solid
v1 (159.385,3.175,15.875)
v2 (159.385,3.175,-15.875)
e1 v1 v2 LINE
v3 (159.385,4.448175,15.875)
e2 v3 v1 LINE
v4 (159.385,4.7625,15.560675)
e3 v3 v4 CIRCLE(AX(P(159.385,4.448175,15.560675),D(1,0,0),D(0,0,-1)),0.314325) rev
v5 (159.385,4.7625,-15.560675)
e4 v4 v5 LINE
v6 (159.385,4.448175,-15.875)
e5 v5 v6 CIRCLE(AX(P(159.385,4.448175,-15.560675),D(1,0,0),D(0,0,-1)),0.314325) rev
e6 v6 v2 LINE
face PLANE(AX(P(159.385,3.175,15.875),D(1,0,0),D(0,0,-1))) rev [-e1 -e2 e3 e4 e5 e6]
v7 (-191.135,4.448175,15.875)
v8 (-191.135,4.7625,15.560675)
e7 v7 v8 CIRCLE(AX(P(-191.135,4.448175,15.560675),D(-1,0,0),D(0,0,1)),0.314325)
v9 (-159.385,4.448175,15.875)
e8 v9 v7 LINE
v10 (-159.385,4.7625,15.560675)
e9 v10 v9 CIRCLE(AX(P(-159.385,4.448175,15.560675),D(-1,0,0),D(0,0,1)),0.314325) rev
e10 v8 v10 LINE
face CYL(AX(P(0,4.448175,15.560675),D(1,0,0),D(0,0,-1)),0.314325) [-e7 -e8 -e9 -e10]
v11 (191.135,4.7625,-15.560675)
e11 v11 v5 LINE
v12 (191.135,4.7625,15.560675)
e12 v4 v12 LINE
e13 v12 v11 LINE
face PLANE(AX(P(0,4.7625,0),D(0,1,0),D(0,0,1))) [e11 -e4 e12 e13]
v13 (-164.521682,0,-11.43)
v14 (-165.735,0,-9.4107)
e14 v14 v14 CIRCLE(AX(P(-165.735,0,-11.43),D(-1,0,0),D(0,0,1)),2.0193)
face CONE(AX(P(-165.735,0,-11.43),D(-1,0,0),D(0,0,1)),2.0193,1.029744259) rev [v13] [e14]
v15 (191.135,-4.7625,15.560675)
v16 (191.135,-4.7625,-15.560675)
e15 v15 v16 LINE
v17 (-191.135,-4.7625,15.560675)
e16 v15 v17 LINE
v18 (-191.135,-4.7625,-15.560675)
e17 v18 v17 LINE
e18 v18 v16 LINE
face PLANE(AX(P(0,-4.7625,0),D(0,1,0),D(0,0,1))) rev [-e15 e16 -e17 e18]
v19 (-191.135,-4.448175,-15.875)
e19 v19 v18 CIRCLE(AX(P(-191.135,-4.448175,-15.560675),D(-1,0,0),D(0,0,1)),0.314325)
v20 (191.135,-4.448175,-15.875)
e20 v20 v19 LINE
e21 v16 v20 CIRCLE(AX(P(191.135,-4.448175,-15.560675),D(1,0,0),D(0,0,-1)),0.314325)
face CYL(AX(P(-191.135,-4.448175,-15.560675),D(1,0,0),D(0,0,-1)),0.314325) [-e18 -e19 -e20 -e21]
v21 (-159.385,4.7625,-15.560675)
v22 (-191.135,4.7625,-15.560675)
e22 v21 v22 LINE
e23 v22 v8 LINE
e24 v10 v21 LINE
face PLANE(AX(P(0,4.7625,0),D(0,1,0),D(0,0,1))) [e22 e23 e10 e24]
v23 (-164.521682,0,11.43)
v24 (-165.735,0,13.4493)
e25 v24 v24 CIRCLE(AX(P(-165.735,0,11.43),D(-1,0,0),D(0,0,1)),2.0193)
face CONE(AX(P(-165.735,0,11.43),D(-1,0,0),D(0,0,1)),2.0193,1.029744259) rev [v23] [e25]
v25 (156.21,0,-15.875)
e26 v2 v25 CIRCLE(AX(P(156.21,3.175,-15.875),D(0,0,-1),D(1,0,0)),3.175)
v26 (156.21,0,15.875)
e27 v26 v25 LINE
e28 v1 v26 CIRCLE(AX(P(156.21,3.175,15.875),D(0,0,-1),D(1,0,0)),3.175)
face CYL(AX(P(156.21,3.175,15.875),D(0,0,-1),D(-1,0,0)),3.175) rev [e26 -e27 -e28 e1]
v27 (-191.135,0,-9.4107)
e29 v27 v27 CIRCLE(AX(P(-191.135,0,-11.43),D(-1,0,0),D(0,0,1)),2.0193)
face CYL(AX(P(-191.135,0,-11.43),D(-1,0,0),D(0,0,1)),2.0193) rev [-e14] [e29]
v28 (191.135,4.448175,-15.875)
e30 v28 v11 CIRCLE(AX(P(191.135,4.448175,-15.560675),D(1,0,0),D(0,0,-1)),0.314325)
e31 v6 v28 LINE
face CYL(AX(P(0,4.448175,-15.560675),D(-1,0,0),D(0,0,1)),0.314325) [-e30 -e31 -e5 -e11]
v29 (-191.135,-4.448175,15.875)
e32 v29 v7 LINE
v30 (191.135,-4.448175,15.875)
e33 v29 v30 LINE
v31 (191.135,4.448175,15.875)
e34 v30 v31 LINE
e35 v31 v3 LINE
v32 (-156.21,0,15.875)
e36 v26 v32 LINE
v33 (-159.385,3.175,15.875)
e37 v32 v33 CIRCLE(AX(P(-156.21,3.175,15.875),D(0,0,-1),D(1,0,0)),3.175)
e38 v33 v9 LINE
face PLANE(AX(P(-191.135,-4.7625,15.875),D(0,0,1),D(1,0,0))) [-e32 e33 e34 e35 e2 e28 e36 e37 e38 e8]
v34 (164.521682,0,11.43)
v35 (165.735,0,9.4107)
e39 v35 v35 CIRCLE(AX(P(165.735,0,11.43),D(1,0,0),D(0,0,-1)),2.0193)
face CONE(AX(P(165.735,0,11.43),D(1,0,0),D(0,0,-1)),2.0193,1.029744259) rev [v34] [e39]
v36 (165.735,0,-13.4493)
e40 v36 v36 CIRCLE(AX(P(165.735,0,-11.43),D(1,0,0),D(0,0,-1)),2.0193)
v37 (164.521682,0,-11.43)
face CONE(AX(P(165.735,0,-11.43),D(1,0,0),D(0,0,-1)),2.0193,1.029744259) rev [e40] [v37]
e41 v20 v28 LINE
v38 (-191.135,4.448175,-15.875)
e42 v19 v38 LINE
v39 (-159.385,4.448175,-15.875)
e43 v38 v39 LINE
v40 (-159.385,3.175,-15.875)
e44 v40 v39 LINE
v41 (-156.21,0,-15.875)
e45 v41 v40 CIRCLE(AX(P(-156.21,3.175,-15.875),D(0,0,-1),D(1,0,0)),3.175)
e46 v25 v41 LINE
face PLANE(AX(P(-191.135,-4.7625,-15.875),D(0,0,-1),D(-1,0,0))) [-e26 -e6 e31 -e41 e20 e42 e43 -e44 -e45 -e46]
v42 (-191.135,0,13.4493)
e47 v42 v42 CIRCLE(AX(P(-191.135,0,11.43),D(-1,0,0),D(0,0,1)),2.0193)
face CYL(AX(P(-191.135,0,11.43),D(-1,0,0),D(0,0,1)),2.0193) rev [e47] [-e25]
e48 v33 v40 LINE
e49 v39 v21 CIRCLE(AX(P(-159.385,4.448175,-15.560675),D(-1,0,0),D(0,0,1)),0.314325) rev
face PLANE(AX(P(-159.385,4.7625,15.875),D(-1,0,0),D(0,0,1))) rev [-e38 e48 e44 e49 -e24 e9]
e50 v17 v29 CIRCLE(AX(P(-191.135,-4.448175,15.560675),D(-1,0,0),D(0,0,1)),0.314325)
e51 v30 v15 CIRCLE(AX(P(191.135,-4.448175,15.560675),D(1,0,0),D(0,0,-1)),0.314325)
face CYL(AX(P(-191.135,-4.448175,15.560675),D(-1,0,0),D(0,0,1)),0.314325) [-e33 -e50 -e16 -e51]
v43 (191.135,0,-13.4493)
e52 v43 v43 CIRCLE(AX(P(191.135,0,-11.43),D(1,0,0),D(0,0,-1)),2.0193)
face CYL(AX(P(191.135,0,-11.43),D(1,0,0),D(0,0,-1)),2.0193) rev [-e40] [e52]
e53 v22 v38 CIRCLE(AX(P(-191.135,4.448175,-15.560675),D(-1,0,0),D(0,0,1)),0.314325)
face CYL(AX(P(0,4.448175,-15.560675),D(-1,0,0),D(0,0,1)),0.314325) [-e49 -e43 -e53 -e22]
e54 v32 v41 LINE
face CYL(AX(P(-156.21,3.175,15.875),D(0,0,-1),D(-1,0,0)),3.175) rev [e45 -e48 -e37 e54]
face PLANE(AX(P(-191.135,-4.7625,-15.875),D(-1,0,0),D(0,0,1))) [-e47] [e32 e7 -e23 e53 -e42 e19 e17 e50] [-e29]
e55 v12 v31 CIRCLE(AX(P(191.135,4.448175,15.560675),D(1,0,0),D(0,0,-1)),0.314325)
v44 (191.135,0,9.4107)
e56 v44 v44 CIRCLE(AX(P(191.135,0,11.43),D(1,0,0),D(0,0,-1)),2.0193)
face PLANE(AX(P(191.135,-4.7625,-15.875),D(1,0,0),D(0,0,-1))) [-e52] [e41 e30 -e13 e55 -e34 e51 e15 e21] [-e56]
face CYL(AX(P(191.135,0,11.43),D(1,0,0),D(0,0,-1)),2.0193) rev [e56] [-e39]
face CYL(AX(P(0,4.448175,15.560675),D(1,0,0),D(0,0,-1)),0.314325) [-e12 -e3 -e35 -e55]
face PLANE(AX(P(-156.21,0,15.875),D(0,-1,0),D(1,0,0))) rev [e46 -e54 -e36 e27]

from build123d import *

# Parameters (mm, degrees)
BOSS_EXTRUDE1_DEPTH            = 4.7625
BOSS_EXTRUDE1_DEPTH_BACK       = 4.7625
SKETCH3_W                      = 382.27
SKETCH3_H                      = 31.75
FILLET1_R                      = 0.314325
TAP_DRILL_FOR_10_32_TAP1_D     = 4.0386
TAP_DRILL_FOR_10_32_TAP1_DEPTH = 25.4
TAP_DRILL_FOR_10_32_TAP1_TIP   = 1.213317848
TAP_DRILL_FOR_10_32_TAP2_D     = 4.0386
TAP_DRILL_FOR_10_32_TAP2_DEPTH = 25.4
TAP_DRILL_FOR_10_32_TAP2_TIP   = 1.213317848
CUT_EXTRUDE1_DEPTH             = 194.812621187


with BuildPart() as part:
    # Sketch3 → Boss-Extrude1 (new, two sides: drawn at the far end of the back side and taken through both)
    with BuildSketch(Plane(origin=(0, 0, 0), x_dir=(1, 0, 0), z_dir=(0, 1, 0)).offset(-BOSS_EXTRUDE1_DEPTH_BACK)):
        Rectangle(SKETCH3_W, SKETCH3_H)
    extrude(amount=BOSS_EXTRUDE1_DEPTH + BOSS_EXTRUDE1_DEPTH_BACK)

    # Fillet1
    fillet1_edges = [part.edges().sort_by_distance(p)[0] for p in [
        (0, 4.7625, 15.875),
        (0, -4.7625, -15.875),
        (0, 4.7625, -15.875),
        (0, -4.7625, 15.875),
    ]]
    fillet(fillet1_edges, radius=FILLET1_R)

    # Tap Drill for #10-32 Tap1
    with Locations(Plane.ZY.offset(191.135)):
        with Locations((-11.43, 0), (11.43, 0)):
            Hole(TAP_DRILL_FOR_10_32_TAP1_D / 2, depth=TAP_DRILL_FOR_10_32_TAP1_DEPTH)
            with Locations((0, 0, -(TAP_DRILL_FOR_10_32_TAP1_DEPTH + TAP_DRILL_FOR_10_32_TAP1_TIP / 2))):  # 118° drill point
                Cone(0, TAP_DRILL_FOR_10_32_TAP1_D / 2, TAP_DRILL_FOR_10_32_TAP1_TIP, mode=Mode.SUBTRACT)

    # Tap Drill for #10-32 Tap2
    with Locations(Plane(origin=(191.135, 0, 0), x_dir=(0, 0, -1), z_dir=(1, 0, 0))):
        with Locations((-11.43, 0), (11.43, 0)):
            Hole(TAP_DRILL_FOR_10_32_TAP2_D / 2, depth=TAP_DRILL_FOR_10_32_TAP2_DEPTH)
            with Locations((0, 0, -(TAP_DRILL_FOR_10_32_TAP2_DEPTH + TAP_DRILL_FOR_10_32_TAP2_TIP / 2))):  # 118° drill point
                Cone(0, TAP_DRILL_FOR_10_32_TAP2_D / 2, TAP_DRILL_FOR_10_32_TAP2_TIP, mode=Mode.SUBTRACT)

    # Sketch9 → Cut-Extrude1 (cut, through all)
    with BuildSketch(Plane(origin=(0, 0, -15.875), x_dir=(-1, 0, 0), z_dir=(0, 0, -1))):
        with BuildLine():
            Line((159.385, 4.7625), (159.385, 3.175))
            ThreePointArc((159.385, 3.175), (158.45506403, 0.92993597), (156.21, 0))
            Line((156.21, 0), (-156.21, 0))
            ThreePointArc((-156.21, 0), (-158.45506403, 0.92993597), (-159.385, 3.175))
            Line((-159.385, 3.175), (-159.385, 4.7625))
            Line((-159.385, 4.7625), (159.385, 4.7625))
        make_face()
    extrude(amount=-CUT_EXTRUDE1_DEPTH, mode=Mode.SUBTRACT)


solid = part.part
